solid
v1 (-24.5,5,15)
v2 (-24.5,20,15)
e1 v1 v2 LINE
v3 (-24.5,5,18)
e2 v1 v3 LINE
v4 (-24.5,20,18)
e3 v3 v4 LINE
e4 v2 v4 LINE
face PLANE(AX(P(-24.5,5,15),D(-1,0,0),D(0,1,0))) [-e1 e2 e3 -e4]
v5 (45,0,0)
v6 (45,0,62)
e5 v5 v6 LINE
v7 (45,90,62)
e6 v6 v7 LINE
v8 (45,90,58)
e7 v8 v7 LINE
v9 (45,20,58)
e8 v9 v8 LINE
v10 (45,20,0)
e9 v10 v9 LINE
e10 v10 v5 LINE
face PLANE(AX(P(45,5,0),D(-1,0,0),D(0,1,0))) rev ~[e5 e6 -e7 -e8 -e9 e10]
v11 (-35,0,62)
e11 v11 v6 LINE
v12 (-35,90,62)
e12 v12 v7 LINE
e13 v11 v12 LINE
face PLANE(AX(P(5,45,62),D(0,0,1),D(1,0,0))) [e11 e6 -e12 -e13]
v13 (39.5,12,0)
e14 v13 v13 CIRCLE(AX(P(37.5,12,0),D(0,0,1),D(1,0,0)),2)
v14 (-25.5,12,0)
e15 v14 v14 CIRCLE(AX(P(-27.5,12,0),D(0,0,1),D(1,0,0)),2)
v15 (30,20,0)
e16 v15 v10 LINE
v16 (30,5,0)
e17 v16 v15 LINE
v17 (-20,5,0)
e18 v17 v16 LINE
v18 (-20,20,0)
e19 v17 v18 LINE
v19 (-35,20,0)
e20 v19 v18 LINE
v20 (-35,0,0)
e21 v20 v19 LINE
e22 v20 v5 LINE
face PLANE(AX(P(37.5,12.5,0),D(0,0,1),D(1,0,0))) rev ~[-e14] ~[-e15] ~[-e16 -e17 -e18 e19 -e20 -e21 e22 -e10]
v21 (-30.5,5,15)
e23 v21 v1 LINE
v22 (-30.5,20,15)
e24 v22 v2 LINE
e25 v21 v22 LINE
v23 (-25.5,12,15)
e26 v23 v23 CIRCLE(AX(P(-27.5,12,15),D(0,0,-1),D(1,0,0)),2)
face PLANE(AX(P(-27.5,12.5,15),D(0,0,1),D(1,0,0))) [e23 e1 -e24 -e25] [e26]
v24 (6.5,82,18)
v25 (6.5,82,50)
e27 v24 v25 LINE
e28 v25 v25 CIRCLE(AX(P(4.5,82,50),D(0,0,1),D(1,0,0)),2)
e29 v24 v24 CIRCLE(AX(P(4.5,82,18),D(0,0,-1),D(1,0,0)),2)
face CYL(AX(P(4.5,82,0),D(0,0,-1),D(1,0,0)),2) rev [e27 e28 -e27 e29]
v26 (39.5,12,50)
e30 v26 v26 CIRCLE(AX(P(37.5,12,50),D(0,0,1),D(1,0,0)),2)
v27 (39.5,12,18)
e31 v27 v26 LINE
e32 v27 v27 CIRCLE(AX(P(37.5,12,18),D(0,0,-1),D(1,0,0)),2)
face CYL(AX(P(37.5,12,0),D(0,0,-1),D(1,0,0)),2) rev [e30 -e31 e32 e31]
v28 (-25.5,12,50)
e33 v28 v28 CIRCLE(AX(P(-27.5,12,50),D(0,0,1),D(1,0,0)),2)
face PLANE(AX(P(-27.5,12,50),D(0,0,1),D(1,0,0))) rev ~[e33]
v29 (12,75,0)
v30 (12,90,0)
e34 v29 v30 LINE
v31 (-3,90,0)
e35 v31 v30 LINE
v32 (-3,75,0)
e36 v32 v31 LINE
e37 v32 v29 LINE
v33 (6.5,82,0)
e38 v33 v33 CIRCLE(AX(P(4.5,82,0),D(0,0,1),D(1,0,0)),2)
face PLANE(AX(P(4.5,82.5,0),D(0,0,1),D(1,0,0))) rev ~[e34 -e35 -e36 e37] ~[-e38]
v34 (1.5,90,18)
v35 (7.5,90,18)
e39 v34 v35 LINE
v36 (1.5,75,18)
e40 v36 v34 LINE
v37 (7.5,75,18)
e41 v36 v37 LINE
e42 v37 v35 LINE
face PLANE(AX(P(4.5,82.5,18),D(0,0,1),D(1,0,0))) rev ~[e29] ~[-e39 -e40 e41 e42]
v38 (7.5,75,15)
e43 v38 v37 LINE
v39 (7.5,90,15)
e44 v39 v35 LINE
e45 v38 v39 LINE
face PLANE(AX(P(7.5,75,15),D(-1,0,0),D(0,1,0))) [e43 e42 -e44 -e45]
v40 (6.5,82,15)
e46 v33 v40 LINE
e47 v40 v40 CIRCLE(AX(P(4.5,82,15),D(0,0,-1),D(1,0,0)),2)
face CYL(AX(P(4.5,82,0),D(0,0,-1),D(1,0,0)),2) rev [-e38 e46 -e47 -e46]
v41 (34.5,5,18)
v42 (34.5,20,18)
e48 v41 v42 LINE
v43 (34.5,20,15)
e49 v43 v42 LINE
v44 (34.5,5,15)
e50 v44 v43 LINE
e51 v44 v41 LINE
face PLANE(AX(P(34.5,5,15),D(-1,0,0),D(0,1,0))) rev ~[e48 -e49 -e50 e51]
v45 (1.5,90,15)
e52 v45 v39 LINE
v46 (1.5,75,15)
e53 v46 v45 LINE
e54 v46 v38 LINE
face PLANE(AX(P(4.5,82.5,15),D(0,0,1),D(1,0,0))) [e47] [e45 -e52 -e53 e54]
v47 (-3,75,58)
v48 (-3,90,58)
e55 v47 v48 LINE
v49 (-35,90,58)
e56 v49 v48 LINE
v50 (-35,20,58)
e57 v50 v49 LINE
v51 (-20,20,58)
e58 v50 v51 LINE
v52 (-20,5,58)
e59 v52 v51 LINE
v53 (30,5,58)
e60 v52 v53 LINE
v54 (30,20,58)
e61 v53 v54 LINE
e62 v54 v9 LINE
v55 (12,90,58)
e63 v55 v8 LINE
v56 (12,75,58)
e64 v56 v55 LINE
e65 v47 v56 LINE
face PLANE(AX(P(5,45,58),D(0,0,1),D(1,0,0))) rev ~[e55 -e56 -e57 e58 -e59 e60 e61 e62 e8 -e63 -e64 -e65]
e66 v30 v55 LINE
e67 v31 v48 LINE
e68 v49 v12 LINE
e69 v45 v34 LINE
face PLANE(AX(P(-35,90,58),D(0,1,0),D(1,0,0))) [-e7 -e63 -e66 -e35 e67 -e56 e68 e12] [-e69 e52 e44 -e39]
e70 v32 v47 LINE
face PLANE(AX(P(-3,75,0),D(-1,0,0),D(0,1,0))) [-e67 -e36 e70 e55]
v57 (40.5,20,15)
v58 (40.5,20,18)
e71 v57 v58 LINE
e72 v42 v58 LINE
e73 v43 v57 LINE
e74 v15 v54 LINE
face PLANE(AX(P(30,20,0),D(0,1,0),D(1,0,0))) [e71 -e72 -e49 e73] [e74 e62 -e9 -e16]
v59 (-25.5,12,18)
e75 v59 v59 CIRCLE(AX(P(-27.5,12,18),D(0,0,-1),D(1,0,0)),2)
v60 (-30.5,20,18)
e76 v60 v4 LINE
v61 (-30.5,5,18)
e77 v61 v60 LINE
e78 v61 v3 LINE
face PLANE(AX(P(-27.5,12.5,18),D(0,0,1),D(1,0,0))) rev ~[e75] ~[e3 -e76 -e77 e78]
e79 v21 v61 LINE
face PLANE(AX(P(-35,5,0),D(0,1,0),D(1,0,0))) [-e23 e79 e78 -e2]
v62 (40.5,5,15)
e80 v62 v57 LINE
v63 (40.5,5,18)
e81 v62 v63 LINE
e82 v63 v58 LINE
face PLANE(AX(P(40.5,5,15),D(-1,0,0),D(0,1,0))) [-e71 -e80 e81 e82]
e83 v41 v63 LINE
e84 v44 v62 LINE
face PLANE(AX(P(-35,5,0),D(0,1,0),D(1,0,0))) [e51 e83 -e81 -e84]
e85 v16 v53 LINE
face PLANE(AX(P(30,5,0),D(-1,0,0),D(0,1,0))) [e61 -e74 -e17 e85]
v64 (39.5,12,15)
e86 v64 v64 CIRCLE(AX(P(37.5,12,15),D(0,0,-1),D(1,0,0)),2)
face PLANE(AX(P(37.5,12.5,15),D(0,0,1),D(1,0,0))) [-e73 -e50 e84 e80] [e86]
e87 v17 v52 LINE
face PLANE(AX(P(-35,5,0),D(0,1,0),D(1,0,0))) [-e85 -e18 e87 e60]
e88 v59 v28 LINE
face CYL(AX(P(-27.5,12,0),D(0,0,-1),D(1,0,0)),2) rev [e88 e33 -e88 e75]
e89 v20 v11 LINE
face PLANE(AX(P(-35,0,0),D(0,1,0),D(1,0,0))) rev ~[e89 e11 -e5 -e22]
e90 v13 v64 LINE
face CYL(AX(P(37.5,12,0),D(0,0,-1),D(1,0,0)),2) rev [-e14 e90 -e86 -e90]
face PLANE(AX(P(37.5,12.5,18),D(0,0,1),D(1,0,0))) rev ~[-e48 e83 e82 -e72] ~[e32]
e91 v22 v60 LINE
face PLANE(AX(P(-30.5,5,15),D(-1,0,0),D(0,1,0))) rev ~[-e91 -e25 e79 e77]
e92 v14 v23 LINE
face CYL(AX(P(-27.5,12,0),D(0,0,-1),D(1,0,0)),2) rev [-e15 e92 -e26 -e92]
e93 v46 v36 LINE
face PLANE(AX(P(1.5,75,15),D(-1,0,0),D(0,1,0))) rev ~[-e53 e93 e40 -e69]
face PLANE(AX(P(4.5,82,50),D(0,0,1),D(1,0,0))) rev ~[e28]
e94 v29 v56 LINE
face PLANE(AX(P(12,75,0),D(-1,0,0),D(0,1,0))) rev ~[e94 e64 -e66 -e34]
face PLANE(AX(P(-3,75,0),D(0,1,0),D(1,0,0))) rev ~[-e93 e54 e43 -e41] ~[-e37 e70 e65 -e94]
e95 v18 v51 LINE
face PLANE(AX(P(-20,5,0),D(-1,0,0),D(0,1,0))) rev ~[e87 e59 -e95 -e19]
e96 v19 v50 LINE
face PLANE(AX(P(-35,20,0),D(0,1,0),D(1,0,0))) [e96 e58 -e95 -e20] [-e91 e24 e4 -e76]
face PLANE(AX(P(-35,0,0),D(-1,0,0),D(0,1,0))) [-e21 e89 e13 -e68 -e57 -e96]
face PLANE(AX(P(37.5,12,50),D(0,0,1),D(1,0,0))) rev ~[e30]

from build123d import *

# Parameters (mm, degrees)
BOX035_W          = 6
BOX035_H          = 15
BOX035_DEPTH      = 3
CYLINDER018_R     = 2
CYLINDER018_DEPTH = 50
BOX_W             = 15
BOX_H             = 15
BOX_DEPTH         = 58
BOX038_W          = 80
BOX038_H          = 5
BOX038_DEPTH      = 58
BOX039_W          = 80
BOX039_H          = 90
BOX039_DEPTH      = 4


with BuildPart() as nut_hole:
    # Box035 → Box035 (new body)
    with BuildSketch(Plane(origin=(-8.5, 5, 15), x_dir=(1, 0, 0), z_dir=(0, 0, 1))):
        with Locations((3, 7.5)):
            Rectangle(BOX035_W, BOX035_H)
    extrude(amount=BOX035_DEPTH)


with BuildPart() as cylinder:
    # Cylinder018 → Cylinder018 (new body)
    with BuildSketch(Plane(origin=(-5.5, 12, 0), x_dir=(1, 0, 0), z_dir=(0, 0, 1))):
        Circle(CYLINDER018_R)
    extrude(amount=CYLINDER018_DEPTH)


with BuildPart() as cut:
    # Box → Box (new body)
    with BuildSketch(Plane(origin=(-13, 5, 0), x_dir=(1, 0, 0), z_dir=(0, 0, 1))):
        with Locations((7.5, 7.5)):
            Rectangle(BOX_W, BOX_H)
    extrude(amount=BOX_DEPTH)

    # Cut: cut Cylinder
    add(cylinder.part, mode=Mode.SUBTRACT)


with BuildPart() as cut037:
    # Cut037 base: copy of Cut
    add(cut.part)

    # Cut037: cut Nut hole
    add(nut_hole.part, mode=Mode.SUBTRACT)


with BuildPart() as cut037_1:
    # Cut037 placement: moved
    add(cut037.part.moved(Location((-22, 0, 0))))


with BuildPart() as cut038:
    # Cut038 base: copy of Cut
    add(cut.part)

    # Cut038: cut Nut hole
    add(nut_hole.part, mode=Mode.SUBTRACT)


with BuildPart() as cut038_1:
    # Cut038 placement: moved
    add(cut038.part.moved(Location((43, 0, 0))))


with BuildPart() as extension_supports:
    # Cut039 base: copy of Cut
    add(cut.part)

    # Cut039: cut Nut hole
    add(nut_hole.part, mode=Mode.SUBTRACT)


with BuildPart() as extension_supports_1:
    # Cut039 placement: moved
    add(extension_supports.part.moved(Location((10, 70, 0))))

    # Fusion082: union Cut037, Cut038
    add(cut037_1.part)
    add(cut038_1.part)


with BuildPart() as cube002:
    # Box038 → Box038 (new body)
    with BuildSketch(Plane(origin=(-35, 0, 0), x_dir=(1, 0, 0), z_dir=(0, 0, 1))):
        with Locations((40, 2.5)):
            Rectangle(BOX038_W, BOX038_H)
    extrude(amount=BOX038_DEPTH)


with BuildPart() as fusion084:
    # Box039 → Box039 (new body)
    with BuildSketch(Plane(origin=(-35, 0, 58), x_dir=(1, 0, 0), z_dir=(0, 0, 1))):
        with Locations((40, 45)):
            Rectangle(BOX039_W, BOX039_H)
    extrude(amount=BOX039_DEPTH)

    # Fusion081: union Cube002
    add(cube002.part)

    # Fusion084: union Extension supports
    add(extension_supports_1.part)


solid = fusion084.part
